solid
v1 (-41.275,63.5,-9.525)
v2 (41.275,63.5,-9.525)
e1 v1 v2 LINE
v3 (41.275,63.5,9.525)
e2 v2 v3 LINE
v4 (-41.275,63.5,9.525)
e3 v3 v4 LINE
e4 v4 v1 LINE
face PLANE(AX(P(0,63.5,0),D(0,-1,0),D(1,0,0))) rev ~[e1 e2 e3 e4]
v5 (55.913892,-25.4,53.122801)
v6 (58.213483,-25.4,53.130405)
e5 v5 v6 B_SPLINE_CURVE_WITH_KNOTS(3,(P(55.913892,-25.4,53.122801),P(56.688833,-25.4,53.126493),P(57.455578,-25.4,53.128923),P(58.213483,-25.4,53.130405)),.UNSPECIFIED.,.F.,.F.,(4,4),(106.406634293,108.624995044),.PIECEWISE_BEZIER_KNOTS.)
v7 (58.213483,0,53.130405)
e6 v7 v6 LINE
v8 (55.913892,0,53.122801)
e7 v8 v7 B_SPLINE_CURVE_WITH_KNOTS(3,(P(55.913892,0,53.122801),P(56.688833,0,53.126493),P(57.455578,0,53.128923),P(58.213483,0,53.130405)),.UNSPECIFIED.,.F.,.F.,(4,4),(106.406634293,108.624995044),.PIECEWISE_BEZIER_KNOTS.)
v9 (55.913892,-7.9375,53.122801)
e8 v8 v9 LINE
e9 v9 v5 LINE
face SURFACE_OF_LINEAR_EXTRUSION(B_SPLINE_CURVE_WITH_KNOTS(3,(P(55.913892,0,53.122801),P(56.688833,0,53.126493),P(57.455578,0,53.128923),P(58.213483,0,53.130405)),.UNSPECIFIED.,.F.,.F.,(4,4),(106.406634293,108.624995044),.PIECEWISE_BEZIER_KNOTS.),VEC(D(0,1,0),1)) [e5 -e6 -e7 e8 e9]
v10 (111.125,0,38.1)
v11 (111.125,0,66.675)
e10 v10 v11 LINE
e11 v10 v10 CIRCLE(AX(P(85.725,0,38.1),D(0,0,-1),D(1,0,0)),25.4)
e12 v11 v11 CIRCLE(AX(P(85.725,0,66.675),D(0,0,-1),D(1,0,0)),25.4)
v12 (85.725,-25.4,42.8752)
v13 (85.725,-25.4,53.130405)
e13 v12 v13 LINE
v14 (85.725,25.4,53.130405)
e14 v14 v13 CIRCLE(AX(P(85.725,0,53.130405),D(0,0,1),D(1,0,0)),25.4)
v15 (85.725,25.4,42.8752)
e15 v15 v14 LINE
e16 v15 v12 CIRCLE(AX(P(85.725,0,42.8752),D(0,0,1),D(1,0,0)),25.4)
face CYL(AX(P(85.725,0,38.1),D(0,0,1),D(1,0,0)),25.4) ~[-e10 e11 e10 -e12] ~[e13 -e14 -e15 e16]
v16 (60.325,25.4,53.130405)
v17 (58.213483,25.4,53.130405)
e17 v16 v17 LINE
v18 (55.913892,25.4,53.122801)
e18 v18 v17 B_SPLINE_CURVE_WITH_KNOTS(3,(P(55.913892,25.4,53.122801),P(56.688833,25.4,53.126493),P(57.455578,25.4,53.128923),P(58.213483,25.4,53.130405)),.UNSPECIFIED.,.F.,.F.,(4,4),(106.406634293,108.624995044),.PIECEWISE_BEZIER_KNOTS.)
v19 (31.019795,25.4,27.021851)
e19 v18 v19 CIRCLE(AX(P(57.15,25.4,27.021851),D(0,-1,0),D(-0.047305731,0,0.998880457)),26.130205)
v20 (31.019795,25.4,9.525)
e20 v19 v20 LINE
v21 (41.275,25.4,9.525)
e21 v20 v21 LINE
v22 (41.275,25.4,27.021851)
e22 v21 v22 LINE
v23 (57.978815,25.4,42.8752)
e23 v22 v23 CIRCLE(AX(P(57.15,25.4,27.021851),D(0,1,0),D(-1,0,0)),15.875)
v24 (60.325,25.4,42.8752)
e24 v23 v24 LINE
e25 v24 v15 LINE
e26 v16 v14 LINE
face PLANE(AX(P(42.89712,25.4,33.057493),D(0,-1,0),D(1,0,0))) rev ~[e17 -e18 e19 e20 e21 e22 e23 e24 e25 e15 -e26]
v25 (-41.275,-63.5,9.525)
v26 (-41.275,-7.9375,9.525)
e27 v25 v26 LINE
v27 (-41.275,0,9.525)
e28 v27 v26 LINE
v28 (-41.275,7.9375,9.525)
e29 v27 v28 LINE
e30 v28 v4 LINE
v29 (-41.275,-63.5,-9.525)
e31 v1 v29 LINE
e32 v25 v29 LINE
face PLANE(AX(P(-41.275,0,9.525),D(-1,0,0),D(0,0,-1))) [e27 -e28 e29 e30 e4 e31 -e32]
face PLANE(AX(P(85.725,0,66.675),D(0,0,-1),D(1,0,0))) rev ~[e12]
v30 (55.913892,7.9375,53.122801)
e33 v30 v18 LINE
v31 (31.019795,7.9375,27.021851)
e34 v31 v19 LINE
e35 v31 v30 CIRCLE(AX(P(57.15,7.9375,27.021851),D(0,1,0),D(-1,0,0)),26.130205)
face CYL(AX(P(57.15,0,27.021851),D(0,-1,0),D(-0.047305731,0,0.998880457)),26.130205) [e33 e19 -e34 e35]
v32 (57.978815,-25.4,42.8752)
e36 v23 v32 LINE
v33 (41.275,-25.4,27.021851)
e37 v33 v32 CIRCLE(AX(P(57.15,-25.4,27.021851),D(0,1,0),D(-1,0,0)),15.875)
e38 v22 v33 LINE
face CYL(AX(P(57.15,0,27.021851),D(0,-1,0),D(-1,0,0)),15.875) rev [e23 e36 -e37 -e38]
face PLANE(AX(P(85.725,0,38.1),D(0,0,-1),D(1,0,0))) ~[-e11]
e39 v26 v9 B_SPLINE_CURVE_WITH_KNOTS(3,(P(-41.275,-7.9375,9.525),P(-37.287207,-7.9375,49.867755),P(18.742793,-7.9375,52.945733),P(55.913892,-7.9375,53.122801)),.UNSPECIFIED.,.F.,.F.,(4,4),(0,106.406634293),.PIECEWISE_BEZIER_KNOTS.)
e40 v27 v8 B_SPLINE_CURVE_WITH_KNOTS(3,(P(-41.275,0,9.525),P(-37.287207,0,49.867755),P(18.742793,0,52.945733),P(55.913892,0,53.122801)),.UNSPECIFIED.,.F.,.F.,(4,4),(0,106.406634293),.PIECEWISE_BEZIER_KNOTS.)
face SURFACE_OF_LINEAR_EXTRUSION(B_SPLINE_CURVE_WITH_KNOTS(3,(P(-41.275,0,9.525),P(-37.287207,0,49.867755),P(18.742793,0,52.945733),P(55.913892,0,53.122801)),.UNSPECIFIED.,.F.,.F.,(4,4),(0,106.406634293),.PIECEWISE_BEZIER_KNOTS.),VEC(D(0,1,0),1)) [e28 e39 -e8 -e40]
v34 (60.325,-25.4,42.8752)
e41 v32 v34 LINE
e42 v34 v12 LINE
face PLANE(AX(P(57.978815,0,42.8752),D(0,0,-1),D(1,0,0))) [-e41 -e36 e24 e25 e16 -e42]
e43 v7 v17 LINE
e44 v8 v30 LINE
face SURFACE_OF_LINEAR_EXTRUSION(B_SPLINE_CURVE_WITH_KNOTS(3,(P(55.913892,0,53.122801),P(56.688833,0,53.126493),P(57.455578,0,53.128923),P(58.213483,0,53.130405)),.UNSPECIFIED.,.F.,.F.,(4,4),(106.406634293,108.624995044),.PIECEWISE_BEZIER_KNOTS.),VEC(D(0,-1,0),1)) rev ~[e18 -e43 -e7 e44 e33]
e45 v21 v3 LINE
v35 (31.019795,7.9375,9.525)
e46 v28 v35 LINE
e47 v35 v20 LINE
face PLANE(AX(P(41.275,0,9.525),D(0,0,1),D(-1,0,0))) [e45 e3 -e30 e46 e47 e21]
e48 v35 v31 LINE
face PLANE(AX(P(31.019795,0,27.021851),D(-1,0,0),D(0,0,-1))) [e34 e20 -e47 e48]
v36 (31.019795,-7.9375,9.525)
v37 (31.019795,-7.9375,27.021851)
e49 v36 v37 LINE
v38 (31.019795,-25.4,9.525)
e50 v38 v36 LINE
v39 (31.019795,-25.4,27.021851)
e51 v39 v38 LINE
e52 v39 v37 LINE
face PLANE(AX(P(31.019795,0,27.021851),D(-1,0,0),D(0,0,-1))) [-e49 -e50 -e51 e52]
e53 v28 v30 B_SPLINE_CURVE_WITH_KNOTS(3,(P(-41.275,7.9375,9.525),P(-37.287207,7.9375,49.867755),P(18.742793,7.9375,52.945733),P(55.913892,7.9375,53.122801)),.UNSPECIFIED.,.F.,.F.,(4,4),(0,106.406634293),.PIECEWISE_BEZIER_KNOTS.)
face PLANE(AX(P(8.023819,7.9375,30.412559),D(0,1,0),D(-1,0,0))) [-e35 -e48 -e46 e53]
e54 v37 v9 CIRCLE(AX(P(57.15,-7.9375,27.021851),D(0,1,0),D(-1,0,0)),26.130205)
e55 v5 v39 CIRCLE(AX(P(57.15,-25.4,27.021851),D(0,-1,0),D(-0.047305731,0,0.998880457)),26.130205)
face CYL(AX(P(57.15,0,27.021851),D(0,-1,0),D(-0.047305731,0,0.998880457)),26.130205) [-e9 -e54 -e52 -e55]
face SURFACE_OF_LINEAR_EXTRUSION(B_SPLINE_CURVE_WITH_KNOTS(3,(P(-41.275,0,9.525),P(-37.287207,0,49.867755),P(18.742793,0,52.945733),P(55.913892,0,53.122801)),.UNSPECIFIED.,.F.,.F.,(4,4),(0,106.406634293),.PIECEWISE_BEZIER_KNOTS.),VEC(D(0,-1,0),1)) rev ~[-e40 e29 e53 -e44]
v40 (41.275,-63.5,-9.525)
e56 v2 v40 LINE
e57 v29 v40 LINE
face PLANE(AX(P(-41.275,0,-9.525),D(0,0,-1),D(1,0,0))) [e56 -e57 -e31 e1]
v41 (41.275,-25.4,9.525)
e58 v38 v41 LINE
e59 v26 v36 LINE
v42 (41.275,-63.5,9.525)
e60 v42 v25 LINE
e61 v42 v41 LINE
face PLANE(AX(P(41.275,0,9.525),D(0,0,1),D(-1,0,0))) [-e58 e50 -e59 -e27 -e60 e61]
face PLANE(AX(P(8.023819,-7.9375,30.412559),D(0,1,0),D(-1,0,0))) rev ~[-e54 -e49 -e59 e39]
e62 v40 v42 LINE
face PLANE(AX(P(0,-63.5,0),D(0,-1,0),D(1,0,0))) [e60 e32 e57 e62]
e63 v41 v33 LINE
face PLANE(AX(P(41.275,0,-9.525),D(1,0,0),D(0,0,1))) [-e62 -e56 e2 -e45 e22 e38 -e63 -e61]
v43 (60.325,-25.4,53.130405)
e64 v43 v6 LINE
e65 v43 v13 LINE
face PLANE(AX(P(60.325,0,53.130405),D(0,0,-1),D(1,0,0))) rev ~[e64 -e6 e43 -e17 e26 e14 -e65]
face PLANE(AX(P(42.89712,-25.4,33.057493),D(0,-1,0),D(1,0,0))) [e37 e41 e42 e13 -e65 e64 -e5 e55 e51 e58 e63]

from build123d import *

# Parameters (mm, degrees)
F1_DEPTH = 63.5
F0_W     = 25.4
F0_H     = 10.2552045137
F2_DEPTH = 25.4
F3_DEPTH = 7.9375


with BuildPart() as f1:
    # F0 (on Front) → F1 (new body, symmetric)
    with BuildSketch(Plane.XZ):
        Polygon((-41.275, 9.525), (-41.275, -9.525), (41.275, -9.525), (41.275, 9.525), (31.0197954863, 9.525), align=None)
    extrude(amount=F1_DEPTH, both=True)

    # F0 (on Front) → F2 (join, symmetric)
    with BuildSketch(Plane.XZ):
        with BuildLine():
            Line((31.0197954863, 9.525), (41.275, 9.525))
            Line((41.275, 9.525), (41.275, 27.0218505154))
            ThreePointArc((41.275, 27.0218505154), (46.2216382961, 38.5364731957), (57.978815492, 42.8752))
            Line((57.978815492, 42.8752), (60.325, 42.8752))
            Line((60.325, 42.8752), (60.325, 53.1304045137))
            Line((60.325, 53.1304045137), (58.2134829791, 53.1304045137))
            add(Edge.make_bspline(
                [(55.9138915665, 53.1228011469), (56.6888329701, 53.1264926522), (57.455577593, 53.128923314), (58.2134829791, 53.1304045137)],
                knots=[106.4066342926, 106.4066342926, 106.4066342926, 106.4066342926, 108.6249950439, 108.6249950439, 108.6249950439, 108.6249950439], degree=3))
            ThreePointArc((55.9138915665, 53.1228011469), (38.2411746254, 45.0563704946), (31.0197954863, 27.0218505154))
            Line((31.0197954863, 27.0218505154), (31.0197954863, 9.525))
        make_face()
        with Locations((73.025, 48.0028022568)):
            Rectangle(F0_W, F0_H)
    extrude(amount=F2_DEPTH, both=True)

    # F0 (on Front) → F3 (join, symmetric)
    with BuildSketch(Plane.XZ):
        with BuildLine():
            add(Edge.make_bspline(
                [(-41.275, 9.525), (-37.2872071441, 49.8677554135), (18.7427928229, 52.94573317), (55.9138915665, 53.1228011469)],
                knots=[0, 0, 0, 0, 106.4066342926, 106.4066342926, 106.4066342926, 106.4066342926], degree=3))
            Line((-41.275, 9.525), (31.0197954863, 9.525))
            Line((31.0197954863, 9.525), (31.0197954863, 27.0218505154))
            ThreePointArc((31.0197954863, 27.0218505154), (38.2411746254, 45.0563704946), (55.9138915665, 53.1228011469))
        make_face()
    extrude(amount=F3_DEPTH, both=True)

    # F0 (on Front) → F4 (revolve)
    with BuildSketch(Plane.XZ):
        Polygon((85.725, 66.675), (85.725, 53.1304045137), (85.725, 42.8752), (85.725, 38.1), (111.125, 38.1), (111.125, 66.675), align=None)
    revolve(axis=Axis((85.725, 0, 52.3875), (0, 0, -1)))


solid = f1.part
